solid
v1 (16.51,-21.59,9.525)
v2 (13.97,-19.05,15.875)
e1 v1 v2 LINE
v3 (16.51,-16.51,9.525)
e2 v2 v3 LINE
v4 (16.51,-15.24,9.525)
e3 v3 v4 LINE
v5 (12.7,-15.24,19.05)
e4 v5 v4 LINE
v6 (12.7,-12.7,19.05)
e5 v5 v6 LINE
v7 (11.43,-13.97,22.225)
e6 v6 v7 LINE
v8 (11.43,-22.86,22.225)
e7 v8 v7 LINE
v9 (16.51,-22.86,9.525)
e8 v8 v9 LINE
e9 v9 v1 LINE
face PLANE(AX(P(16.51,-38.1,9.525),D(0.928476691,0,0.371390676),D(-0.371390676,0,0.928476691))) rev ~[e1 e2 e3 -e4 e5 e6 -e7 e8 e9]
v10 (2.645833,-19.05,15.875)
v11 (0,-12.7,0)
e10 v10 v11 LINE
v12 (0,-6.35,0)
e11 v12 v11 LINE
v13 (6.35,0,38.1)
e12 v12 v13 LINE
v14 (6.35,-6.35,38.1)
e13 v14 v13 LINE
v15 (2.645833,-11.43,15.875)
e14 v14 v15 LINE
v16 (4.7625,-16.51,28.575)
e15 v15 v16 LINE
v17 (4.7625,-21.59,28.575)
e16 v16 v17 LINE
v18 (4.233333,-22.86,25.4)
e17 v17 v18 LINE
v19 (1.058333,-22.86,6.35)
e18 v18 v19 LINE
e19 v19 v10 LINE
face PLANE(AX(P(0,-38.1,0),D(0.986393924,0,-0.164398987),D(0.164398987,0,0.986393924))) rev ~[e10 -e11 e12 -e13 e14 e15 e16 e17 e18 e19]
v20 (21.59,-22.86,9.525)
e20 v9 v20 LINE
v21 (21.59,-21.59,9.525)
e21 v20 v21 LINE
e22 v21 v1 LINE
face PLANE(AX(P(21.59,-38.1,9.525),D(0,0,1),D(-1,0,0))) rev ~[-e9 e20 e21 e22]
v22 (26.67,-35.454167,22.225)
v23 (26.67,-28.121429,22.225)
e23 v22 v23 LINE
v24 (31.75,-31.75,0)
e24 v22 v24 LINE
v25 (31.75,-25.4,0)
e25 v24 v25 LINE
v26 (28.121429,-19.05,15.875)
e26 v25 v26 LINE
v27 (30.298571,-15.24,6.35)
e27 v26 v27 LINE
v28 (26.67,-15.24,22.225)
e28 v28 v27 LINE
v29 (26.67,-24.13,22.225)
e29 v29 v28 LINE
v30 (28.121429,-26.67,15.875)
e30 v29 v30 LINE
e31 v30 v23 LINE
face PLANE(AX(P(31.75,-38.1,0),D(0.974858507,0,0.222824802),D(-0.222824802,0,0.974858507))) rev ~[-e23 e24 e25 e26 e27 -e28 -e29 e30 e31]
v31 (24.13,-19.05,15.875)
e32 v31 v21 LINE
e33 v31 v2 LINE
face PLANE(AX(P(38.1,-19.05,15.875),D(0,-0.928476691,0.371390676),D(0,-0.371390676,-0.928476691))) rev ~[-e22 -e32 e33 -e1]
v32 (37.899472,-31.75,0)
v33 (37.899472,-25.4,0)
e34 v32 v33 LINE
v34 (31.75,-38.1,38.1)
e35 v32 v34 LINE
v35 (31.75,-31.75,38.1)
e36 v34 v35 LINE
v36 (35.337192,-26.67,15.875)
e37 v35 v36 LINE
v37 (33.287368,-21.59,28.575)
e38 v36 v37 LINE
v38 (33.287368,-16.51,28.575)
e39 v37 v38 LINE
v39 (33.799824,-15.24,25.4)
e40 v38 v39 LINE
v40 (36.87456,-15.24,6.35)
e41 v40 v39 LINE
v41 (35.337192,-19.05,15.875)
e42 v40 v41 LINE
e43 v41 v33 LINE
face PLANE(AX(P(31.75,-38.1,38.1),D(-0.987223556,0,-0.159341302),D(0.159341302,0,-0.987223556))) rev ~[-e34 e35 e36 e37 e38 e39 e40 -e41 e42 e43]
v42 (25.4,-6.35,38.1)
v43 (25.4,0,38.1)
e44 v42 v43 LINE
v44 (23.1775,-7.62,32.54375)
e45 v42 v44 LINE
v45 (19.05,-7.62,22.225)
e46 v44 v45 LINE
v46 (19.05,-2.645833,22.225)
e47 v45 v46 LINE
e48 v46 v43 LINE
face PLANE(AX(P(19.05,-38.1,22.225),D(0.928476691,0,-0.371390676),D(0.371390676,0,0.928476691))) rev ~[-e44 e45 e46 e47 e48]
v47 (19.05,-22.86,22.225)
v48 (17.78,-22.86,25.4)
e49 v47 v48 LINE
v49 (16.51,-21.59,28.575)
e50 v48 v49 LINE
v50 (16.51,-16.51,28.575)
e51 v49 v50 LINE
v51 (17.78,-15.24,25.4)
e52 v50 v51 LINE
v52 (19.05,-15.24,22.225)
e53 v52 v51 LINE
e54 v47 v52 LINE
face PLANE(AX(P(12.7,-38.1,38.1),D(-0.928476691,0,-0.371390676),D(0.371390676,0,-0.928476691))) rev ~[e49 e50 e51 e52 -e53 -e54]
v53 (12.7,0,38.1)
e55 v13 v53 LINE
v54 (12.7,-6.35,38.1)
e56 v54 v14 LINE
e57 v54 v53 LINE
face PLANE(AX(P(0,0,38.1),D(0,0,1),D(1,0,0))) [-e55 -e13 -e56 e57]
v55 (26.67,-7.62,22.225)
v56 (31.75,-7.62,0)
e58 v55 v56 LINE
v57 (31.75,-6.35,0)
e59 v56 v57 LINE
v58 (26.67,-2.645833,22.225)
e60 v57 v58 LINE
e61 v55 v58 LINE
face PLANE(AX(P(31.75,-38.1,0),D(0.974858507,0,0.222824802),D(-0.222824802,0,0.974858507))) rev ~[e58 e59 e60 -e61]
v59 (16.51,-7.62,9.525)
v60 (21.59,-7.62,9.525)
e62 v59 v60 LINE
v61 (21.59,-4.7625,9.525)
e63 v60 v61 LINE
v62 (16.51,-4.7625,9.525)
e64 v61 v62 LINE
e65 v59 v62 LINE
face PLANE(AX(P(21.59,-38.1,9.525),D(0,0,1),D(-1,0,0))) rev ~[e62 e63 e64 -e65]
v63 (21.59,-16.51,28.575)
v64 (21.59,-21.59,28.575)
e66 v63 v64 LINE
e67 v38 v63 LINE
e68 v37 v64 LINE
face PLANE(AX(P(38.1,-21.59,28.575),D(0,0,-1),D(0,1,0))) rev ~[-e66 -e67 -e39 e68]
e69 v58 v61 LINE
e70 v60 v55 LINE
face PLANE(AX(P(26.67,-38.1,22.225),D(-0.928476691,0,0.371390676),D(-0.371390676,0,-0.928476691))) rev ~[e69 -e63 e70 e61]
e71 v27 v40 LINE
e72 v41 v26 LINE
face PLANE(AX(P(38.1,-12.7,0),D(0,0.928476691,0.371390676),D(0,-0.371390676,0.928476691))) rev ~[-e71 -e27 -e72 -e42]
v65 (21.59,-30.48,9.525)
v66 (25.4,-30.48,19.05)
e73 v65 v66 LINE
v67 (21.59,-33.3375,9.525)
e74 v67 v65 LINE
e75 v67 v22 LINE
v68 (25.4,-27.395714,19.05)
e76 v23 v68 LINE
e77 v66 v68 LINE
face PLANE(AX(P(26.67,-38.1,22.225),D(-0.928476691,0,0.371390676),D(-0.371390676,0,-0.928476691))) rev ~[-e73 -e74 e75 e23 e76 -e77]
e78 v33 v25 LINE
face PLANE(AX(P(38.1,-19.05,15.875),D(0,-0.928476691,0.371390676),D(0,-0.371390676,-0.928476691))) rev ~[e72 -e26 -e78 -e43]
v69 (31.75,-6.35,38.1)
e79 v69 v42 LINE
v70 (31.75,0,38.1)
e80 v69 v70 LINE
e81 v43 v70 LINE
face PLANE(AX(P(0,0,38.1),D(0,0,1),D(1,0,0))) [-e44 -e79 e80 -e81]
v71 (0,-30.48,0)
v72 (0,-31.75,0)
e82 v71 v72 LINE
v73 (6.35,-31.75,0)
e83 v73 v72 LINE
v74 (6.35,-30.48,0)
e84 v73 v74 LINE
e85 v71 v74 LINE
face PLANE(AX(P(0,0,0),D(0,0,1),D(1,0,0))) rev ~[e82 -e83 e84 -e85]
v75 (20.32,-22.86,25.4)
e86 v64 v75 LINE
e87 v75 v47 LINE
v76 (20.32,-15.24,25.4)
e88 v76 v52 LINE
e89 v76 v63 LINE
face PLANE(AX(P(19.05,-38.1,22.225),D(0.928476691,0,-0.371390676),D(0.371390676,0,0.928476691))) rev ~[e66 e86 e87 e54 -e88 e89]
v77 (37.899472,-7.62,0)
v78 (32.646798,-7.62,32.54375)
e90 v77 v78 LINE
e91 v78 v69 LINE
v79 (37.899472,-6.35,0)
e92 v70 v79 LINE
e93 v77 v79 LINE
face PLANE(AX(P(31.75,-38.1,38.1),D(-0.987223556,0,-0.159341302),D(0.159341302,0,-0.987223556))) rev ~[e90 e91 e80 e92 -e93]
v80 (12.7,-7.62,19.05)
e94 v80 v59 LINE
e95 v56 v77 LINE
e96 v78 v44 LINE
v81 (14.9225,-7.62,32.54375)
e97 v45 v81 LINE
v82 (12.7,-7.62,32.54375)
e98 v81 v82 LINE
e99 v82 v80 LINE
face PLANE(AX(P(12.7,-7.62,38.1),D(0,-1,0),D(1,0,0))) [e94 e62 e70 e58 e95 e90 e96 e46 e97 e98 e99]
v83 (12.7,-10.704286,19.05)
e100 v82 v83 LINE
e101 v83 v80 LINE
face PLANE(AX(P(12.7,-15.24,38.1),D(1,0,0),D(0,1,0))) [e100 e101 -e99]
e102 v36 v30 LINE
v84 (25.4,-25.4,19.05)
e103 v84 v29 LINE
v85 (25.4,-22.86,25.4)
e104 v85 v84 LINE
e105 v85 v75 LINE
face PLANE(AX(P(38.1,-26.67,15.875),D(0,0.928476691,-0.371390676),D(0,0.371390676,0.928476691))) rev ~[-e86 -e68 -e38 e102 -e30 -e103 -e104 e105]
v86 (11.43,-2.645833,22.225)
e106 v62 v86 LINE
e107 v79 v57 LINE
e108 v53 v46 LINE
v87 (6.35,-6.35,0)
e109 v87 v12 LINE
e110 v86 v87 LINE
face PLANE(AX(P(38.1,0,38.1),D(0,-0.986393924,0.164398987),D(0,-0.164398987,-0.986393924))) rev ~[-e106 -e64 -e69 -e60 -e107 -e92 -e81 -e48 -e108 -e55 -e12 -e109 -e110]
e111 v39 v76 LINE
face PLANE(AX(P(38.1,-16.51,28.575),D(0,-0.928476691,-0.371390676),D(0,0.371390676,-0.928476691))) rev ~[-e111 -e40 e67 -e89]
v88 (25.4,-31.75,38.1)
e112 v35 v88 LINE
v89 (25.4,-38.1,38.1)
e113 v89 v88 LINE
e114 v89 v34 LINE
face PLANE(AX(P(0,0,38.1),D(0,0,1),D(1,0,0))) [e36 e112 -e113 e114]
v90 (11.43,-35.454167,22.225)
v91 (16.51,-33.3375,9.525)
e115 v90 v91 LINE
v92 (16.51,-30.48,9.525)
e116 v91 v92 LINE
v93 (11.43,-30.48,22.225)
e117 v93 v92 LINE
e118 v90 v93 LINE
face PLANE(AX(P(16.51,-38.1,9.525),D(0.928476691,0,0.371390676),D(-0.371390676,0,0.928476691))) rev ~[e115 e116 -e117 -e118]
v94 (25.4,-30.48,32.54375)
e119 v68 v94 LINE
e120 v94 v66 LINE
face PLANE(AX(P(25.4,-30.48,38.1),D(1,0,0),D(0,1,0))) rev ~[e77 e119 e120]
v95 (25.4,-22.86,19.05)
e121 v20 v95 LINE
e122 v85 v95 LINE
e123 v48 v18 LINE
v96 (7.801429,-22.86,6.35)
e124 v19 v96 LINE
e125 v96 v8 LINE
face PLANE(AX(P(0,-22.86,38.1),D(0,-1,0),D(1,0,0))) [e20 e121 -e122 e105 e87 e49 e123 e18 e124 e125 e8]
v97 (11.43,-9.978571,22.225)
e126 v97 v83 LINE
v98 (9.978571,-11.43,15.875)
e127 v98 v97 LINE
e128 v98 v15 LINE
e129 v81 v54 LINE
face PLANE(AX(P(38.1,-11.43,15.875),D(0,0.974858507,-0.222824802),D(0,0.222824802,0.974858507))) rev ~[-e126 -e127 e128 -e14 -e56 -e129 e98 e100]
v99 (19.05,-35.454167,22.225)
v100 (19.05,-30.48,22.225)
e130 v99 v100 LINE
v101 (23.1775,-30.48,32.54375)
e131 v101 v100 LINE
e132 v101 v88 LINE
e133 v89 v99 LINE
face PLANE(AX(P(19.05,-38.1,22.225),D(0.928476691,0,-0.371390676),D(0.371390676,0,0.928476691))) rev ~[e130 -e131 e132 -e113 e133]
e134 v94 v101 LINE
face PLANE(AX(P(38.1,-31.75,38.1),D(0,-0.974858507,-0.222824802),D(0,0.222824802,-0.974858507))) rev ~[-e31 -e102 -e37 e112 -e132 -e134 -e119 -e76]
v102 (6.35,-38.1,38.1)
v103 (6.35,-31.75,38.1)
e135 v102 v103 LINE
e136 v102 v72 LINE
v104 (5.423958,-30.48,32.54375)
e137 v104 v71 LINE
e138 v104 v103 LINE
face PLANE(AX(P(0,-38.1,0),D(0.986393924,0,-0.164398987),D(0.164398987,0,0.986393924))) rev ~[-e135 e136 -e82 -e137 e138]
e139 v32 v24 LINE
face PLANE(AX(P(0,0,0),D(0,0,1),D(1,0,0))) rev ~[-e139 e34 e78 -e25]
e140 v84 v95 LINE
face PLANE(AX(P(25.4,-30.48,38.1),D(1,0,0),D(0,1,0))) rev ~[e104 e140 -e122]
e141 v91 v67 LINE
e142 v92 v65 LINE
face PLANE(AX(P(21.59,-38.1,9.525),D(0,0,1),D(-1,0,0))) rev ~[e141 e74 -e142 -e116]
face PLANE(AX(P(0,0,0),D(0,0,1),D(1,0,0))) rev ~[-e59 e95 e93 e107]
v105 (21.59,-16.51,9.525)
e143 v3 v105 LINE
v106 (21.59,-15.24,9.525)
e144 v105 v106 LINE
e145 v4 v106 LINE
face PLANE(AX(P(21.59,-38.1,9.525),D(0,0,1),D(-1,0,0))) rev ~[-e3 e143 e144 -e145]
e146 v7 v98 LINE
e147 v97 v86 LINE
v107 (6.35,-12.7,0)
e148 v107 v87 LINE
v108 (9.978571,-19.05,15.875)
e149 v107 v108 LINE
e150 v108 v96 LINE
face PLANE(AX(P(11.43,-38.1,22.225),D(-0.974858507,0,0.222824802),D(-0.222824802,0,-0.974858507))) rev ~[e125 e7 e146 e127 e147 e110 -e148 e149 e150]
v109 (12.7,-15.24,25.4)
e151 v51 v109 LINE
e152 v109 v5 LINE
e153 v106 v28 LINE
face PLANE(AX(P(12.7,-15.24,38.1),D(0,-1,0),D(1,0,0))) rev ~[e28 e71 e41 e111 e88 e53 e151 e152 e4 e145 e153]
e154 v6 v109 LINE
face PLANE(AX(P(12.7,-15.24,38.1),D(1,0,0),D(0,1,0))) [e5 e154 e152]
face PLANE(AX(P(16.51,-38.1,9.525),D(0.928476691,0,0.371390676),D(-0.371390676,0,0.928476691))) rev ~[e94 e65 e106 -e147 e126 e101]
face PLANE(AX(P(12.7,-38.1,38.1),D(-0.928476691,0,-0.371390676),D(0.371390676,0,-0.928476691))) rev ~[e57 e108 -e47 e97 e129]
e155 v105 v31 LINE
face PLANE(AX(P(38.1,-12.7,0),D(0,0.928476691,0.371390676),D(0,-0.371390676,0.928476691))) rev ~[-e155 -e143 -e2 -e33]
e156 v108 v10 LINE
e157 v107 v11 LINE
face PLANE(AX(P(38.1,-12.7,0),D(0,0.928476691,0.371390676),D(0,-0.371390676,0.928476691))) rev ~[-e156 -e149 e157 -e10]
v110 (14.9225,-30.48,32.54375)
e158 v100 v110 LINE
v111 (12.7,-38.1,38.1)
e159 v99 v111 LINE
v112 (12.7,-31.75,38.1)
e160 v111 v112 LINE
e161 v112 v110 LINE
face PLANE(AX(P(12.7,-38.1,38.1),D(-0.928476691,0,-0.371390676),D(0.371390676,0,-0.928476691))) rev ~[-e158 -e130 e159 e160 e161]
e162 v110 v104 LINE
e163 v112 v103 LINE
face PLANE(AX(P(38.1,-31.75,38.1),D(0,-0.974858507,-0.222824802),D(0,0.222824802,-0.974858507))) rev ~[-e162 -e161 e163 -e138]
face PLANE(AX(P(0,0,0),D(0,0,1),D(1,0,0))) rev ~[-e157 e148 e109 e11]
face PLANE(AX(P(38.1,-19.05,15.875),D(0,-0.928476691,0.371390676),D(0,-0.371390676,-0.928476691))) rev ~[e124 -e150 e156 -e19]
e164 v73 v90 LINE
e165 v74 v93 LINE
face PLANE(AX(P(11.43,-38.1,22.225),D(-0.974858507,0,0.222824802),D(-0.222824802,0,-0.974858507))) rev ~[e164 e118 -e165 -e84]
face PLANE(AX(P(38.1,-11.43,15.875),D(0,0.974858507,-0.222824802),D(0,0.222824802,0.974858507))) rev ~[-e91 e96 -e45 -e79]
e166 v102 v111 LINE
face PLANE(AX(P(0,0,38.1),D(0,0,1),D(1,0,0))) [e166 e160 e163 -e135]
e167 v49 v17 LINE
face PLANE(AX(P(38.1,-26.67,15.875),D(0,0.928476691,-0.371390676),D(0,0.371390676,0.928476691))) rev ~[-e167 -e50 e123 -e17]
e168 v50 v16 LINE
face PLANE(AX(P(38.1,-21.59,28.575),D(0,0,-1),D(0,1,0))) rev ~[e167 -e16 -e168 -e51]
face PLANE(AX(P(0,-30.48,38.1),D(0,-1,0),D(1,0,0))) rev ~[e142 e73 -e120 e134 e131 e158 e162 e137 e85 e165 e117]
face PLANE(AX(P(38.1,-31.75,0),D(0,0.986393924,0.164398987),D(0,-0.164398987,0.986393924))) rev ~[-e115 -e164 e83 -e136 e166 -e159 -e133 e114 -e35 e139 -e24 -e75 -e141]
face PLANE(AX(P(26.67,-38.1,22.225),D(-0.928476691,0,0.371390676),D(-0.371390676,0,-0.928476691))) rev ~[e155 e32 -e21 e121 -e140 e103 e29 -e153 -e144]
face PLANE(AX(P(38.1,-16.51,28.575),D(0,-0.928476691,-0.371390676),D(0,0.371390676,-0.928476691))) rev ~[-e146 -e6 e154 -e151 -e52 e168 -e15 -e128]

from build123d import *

# Parameters (mm, degrees)
F0_W     = 38.1
F0_H     = 38.1
F1_DEPTH = 38.1
F5_DEPTH = 38.1
F7_DEPTH = 38.1
F8_W     = 25.4
F8_H     = 7.62
F9_DEPTH = 38.1


with BuildPart() as f1:
    # F0 (on Front) → F1 (new body)
    with BuildSketch(Plane.XZ):
        with Locations((19.05, 19.05)):
            Rectangle(F0_W, F0_H)
    extrude(amount=F1_DEPTH)

    # F4 (on face) → F5 (cut)
    with BuildSketch(Plane.YZ.offset(38.1)):
        Polygon((-6.35, 38.1), (-31.75, 38.1), (-26.67, 15.875), (-21.59, 28.575), (-16.51, 28.575), (-11.43, 15.875), align=None)
        Polygon((-31.75, 0), (-38.1, 38.1), (-38.1, 0), align=None)
        Polygon((-19.05, 15.875), (-25.4, 0), (-12.7, 0), align=None)
        Polygon((0, 0), (0, 38.1), (-6.35, 0), align=None)
    extrude(amount=-F5_DEPTH, mode=Mode.SUBTRACT)

    # F6 (on offset) → F7 (cut)
    with BuildSketch(Plane.XZ.offset(38.1)):
        Polygon((0, 0), (6.35, 38.1), (0, 38.1), align=None)
        Polygon((25.4, 38.1), (12.7, 38.1), (19.05, 22.225), align=None)
        Polygon((11.43, 22.225), (6.35, 0), (31.75, 0), (26.67, 22.225), (21.59, 9.525), (16.51, 9.525), align=None)
        Polygon((38.1, 38.1), (31.75, 38.1), (37.899472, 0), (38.1, 0), align=None)
    extrude(amount=-F7_DEPTH, mode=Mode.SUBTRACT)

    # F8 (on offset) → F9 (cut)
    with BuildSketch(Plane.XY.offset(38.1)):
        with Locations((25.4, -11.43)):
            Rectangle(F8_W, F8_H)
        with Locations((12.7, -26.67)):
            Rectangle(F8_W, F8_H)
    extrude(amount=-F9_DEPTH, mode=Mode.SUBTRACT)


solid = f1.part
